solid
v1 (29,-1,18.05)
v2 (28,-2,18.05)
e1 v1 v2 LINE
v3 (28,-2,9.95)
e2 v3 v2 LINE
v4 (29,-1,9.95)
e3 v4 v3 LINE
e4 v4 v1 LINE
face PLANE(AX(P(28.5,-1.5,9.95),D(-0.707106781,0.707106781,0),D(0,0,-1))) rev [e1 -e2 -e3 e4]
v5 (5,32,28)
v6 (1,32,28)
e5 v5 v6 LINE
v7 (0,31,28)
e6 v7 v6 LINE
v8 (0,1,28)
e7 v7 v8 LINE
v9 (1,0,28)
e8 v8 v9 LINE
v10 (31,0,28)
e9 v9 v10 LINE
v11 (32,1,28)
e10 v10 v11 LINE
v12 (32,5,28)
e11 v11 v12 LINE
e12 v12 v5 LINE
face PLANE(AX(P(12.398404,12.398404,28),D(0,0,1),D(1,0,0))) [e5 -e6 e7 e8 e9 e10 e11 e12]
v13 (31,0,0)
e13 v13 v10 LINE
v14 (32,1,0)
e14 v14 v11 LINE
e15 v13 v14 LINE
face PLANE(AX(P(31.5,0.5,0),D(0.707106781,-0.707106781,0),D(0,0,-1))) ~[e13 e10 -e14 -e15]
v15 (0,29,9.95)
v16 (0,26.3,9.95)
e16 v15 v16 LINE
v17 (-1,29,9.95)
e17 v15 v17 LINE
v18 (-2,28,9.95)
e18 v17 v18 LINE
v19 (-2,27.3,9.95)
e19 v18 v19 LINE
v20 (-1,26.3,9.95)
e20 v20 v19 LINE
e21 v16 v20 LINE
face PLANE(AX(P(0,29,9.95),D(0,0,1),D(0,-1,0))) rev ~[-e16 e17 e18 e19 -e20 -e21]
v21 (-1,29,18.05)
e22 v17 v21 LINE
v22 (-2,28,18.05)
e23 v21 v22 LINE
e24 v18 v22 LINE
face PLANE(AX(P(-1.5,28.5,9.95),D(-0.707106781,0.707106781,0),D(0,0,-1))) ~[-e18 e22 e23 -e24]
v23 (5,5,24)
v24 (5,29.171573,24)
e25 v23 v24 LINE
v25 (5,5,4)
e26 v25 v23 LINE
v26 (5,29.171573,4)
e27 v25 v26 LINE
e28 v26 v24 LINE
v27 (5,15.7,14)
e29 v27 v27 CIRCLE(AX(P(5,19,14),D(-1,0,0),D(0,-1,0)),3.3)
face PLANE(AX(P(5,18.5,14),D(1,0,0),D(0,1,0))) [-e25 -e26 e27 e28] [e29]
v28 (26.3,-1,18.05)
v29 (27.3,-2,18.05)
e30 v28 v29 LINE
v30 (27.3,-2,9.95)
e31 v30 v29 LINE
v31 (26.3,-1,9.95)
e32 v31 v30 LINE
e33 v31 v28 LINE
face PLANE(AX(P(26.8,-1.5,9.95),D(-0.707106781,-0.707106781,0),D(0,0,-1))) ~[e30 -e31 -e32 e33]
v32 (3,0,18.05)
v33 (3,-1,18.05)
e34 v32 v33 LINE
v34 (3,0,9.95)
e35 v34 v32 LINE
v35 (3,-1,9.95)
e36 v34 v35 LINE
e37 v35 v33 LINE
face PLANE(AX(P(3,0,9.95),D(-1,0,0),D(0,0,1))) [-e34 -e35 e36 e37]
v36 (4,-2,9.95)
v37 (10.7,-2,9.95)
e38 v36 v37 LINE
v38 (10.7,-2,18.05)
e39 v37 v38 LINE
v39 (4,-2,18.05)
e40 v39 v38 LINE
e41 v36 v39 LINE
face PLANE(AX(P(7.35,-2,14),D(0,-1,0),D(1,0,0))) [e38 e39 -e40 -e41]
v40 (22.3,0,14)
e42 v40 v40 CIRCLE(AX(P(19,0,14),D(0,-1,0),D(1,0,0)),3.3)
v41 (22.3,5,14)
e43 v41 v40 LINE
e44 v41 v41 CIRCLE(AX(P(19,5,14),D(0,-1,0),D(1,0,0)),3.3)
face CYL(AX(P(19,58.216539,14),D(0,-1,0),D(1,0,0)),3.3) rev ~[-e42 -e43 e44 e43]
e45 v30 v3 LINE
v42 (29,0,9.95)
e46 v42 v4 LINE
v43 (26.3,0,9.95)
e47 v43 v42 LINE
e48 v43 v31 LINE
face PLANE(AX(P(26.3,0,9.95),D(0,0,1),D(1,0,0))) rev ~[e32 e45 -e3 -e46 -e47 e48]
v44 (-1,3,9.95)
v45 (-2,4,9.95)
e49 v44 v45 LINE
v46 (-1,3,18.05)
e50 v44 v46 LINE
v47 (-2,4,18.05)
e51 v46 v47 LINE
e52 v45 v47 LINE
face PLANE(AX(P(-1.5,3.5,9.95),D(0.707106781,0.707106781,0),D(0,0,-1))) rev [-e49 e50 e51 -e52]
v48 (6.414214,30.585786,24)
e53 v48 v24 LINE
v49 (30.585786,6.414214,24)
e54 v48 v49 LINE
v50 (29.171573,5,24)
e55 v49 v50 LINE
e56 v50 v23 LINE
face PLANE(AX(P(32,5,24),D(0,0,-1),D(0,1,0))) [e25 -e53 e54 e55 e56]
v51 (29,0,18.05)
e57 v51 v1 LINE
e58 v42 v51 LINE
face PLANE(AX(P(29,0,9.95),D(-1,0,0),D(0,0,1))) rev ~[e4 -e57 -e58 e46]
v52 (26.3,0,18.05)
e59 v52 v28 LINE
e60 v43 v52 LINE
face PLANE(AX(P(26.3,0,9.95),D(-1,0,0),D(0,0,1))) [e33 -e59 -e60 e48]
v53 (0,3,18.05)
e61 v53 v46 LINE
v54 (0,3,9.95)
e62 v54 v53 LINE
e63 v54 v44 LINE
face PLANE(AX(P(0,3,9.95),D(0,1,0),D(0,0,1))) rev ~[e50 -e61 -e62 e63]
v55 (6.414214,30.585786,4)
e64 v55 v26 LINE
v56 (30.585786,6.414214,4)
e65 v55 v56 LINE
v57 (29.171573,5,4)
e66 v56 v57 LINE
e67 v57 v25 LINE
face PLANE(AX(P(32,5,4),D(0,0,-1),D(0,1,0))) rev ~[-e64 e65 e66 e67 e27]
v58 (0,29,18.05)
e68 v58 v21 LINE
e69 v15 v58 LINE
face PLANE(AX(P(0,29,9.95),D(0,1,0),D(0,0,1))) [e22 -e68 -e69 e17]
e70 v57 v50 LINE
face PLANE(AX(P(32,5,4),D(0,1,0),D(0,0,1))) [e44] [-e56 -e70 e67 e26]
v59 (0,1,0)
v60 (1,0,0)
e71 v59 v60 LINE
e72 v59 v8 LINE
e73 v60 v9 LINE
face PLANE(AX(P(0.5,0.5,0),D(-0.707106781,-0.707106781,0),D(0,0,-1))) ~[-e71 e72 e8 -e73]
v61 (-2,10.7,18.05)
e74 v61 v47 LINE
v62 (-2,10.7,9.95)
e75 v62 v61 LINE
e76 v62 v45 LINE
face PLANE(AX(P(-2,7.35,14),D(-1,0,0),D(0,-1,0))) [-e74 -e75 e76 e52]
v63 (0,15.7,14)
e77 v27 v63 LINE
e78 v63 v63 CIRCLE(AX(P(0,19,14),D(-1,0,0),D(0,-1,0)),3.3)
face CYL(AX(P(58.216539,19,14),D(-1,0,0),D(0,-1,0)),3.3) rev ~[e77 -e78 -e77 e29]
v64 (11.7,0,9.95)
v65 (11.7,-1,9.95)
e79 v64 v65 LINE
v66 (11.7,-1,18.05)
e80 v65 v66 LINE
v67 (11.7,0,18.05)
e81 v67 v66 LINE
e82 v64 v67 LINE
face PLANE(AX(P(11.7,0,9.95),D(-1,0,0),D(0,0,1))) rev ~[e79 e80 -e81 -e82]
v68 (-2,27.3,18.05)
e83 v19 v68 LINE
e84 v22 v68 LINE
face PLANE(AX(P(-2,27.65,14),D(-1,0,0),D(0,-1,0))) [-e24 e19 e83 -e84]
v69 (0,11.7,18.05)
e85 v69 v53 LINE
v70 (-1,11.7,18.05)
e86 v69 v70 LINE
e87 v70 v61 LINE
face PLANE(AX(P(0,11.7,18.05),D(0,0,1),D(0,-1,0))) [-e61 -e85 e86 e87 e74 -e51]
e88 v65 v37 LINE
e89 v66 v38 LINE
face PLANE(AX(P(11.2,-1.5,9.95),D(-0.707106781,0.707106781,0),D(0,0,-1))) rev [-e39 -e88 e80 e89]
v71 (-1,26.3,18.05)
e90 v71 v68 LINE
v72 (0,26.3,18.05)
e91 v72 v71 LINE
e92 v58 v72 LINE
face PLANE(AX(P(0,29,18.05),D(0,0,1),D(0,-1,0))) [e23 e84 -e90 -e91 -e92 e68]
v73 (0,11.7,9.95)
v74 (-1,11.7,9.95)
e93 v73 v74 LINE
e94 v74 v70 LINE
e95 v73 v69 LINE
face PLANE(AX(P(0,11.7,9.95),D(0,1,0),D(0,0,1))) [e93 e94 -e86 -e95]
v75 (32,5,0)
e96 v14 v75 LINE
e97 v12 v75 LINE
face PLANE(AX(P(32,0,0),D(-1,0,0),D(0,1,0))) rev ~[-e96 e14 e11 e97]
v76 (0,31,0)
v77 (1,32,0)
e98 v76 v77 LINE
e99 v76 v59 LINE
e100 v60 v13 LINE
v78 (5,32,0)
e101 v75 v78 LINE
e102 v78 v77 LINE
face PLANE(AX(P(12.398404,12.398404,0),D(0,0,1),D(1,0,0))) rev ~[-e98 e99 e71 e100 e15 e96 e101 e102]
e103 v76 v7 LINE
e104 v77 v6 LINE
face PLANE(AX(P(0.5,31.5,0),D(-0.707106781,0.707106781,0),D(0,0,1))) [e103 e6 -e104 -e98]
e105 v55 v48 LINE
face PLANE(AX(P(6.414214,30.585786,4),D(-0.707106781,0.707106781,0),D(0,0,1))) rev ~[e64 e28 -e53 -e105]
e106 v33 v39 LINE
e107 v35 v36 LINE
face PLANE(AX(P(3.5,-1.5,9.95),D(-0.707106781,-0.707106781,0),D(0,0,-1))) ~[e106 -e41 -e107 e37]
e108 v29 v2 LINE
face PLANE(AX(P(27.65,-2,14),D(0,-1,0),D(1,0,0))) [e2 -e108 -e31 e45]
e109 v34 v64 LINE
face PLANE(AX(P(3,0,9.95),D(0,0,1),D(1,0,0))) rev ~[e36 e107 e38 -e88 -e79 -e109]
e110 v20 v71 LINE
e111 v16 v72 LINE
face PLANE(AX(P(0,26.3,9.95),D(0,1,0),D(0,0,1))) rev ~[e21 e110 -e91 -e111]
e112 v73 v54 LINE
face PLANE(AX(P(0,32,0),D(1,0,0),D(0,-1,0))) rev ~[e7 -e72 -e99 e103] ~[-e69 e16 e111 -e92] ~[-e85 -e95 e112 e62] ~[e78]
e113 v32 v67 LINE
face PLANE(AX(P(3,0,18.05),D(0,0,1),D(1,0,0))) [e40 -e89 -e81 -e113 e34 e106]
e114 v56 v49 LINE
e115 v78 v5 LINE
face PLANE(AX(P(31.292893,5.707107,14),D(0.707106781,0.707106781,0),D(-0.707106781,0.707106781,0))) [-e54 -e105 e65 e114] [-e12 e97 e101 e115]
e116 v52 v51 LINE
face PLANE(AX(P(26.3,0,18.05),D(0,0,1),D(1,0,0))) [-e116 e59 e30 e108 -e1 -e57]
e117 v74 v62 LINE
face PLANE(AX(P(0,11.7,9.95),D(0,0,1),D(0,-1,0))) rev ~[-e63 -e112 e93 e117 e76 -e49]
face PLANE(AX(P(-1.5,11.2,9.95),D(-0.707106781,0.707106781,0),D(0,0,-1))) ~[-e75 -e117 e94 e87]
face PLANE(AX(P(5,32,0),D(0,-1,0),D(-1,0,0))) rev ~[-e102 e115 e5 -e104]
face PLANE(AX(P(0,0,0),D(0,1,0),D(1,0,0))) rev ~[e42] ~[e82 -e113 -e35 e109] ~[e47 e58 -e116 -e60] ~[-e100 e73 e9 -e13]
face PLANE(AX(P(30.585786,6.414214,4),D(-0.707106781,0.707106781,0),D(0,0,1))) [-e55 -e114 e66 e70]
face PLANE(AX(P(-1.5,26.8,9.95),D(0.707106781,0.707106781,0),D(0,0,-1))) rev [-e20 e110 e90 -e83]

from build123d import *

# Parameters (mm, degrees)
F1_DEPTH  = 28
F2_W      = 27
F2_H      = 20
F3_DEPTH  = 27
F5_D      = 6.6
F7_D      = 6.6
F8_W      = 2.7
F8_H      = 8.1
F8_W_2    = 8.7
F9_DEPTH  = 2
F10_W     = 2.7
F10_H     = 8.1
F10_W_2   = 8.7
F11_DEPTH = 2
F12_SIZE  = 1
F13_W     = 2
F13_H     = 20
F14_DEPTH = 2.5


with BuildPart() as f1:
    # F0 (on Top) → F1 (new body)
    with BuildSketch(Plane.XY):
        Polygon((0, 32), (0, 0), (32, 0), (32, 5), (5, 32), align=None)
    extrude(amount=F1_DEPTH)

    # F2 (on face) → F3 (cut, through all)
    with BuildSketch(Plane.YZ.offset(32)):
        with Locations((18.5, 14)):
            Rectangle(F2_W, F2_H)
    extrude(amount=-F3_DEPTH, mode=Mode.SUBTRACT)

    # F5 (through all)
    with Locations(Plane.YZ.offset(5)):
        with Locations((19, 14)):
            Hole(F5_D / 2)

    # F7 (through all)
    with Locations(Plane(origin=(0, 5, 0), x_dir=(-1, 0, 0), z_dir=(0, 1, 0))):
        with Locations((-19, 14)):
            Hole(F7_D / 2)

    # F8 (on face) → F9 (join)
    with BuildSketch(Plane.XZ):
        with Locations((27.65, 14)):
            Rectangle(F8_W, F8_H)
        with Locations((7.35, 14)):
            Rectangle(F8_W_2, F8_H)
    extrude(amount=F9_DEPTH)

    # F10 (on face) → F11 (join)
    with BuildSketch(Plane(origin=(0, 0, 0), x_dir=(0, -1, 0), z_dir=(-1, 0, 0))):
        with Locations((-27.65, 14)):
            Rectangle(F10_W, F10_H)
        with Locations((-7.35, 14)):
            Rectangle(F10_W_2, F10_H)
    extrude(amount=F11_DEPTH)

    # F12
    f12_edges = [f1.edges().sort_by_distance(p)[0] for p in [
        (0, 32, 14),
        (-2, 29, 14),
        (-2, 26.3, 14),
        (-2, 11.7, 14),
        (-2, 3, 14),
        (0, 0, 14),
        (3, -2, 14),
        (11.7, -2, 14),
        (26.3, -2, 14),
        (29, -2, 14),
        (32, 0, 14),
    ]]
    chamfer(f12_edges, length=F12_SIZE)

    # F13 (on face) → F14 (join)
    with BuildSketch(Plane(origin=(18.5, 18.5, 0), x_dir=(-0.7071067812, 0.7071067812, 0), z_dir=(0.7071067812, 0.7071067812, 0))):
        with Locations((-18.091883092, 14)):
            Rectangle(F13_W, F13_H)
        with Locations((18.091883092, 14)):
            Rectangle(F13_W, F13_H)
    extrude(amount=-F14_DEPTH)


solid = f1.part
